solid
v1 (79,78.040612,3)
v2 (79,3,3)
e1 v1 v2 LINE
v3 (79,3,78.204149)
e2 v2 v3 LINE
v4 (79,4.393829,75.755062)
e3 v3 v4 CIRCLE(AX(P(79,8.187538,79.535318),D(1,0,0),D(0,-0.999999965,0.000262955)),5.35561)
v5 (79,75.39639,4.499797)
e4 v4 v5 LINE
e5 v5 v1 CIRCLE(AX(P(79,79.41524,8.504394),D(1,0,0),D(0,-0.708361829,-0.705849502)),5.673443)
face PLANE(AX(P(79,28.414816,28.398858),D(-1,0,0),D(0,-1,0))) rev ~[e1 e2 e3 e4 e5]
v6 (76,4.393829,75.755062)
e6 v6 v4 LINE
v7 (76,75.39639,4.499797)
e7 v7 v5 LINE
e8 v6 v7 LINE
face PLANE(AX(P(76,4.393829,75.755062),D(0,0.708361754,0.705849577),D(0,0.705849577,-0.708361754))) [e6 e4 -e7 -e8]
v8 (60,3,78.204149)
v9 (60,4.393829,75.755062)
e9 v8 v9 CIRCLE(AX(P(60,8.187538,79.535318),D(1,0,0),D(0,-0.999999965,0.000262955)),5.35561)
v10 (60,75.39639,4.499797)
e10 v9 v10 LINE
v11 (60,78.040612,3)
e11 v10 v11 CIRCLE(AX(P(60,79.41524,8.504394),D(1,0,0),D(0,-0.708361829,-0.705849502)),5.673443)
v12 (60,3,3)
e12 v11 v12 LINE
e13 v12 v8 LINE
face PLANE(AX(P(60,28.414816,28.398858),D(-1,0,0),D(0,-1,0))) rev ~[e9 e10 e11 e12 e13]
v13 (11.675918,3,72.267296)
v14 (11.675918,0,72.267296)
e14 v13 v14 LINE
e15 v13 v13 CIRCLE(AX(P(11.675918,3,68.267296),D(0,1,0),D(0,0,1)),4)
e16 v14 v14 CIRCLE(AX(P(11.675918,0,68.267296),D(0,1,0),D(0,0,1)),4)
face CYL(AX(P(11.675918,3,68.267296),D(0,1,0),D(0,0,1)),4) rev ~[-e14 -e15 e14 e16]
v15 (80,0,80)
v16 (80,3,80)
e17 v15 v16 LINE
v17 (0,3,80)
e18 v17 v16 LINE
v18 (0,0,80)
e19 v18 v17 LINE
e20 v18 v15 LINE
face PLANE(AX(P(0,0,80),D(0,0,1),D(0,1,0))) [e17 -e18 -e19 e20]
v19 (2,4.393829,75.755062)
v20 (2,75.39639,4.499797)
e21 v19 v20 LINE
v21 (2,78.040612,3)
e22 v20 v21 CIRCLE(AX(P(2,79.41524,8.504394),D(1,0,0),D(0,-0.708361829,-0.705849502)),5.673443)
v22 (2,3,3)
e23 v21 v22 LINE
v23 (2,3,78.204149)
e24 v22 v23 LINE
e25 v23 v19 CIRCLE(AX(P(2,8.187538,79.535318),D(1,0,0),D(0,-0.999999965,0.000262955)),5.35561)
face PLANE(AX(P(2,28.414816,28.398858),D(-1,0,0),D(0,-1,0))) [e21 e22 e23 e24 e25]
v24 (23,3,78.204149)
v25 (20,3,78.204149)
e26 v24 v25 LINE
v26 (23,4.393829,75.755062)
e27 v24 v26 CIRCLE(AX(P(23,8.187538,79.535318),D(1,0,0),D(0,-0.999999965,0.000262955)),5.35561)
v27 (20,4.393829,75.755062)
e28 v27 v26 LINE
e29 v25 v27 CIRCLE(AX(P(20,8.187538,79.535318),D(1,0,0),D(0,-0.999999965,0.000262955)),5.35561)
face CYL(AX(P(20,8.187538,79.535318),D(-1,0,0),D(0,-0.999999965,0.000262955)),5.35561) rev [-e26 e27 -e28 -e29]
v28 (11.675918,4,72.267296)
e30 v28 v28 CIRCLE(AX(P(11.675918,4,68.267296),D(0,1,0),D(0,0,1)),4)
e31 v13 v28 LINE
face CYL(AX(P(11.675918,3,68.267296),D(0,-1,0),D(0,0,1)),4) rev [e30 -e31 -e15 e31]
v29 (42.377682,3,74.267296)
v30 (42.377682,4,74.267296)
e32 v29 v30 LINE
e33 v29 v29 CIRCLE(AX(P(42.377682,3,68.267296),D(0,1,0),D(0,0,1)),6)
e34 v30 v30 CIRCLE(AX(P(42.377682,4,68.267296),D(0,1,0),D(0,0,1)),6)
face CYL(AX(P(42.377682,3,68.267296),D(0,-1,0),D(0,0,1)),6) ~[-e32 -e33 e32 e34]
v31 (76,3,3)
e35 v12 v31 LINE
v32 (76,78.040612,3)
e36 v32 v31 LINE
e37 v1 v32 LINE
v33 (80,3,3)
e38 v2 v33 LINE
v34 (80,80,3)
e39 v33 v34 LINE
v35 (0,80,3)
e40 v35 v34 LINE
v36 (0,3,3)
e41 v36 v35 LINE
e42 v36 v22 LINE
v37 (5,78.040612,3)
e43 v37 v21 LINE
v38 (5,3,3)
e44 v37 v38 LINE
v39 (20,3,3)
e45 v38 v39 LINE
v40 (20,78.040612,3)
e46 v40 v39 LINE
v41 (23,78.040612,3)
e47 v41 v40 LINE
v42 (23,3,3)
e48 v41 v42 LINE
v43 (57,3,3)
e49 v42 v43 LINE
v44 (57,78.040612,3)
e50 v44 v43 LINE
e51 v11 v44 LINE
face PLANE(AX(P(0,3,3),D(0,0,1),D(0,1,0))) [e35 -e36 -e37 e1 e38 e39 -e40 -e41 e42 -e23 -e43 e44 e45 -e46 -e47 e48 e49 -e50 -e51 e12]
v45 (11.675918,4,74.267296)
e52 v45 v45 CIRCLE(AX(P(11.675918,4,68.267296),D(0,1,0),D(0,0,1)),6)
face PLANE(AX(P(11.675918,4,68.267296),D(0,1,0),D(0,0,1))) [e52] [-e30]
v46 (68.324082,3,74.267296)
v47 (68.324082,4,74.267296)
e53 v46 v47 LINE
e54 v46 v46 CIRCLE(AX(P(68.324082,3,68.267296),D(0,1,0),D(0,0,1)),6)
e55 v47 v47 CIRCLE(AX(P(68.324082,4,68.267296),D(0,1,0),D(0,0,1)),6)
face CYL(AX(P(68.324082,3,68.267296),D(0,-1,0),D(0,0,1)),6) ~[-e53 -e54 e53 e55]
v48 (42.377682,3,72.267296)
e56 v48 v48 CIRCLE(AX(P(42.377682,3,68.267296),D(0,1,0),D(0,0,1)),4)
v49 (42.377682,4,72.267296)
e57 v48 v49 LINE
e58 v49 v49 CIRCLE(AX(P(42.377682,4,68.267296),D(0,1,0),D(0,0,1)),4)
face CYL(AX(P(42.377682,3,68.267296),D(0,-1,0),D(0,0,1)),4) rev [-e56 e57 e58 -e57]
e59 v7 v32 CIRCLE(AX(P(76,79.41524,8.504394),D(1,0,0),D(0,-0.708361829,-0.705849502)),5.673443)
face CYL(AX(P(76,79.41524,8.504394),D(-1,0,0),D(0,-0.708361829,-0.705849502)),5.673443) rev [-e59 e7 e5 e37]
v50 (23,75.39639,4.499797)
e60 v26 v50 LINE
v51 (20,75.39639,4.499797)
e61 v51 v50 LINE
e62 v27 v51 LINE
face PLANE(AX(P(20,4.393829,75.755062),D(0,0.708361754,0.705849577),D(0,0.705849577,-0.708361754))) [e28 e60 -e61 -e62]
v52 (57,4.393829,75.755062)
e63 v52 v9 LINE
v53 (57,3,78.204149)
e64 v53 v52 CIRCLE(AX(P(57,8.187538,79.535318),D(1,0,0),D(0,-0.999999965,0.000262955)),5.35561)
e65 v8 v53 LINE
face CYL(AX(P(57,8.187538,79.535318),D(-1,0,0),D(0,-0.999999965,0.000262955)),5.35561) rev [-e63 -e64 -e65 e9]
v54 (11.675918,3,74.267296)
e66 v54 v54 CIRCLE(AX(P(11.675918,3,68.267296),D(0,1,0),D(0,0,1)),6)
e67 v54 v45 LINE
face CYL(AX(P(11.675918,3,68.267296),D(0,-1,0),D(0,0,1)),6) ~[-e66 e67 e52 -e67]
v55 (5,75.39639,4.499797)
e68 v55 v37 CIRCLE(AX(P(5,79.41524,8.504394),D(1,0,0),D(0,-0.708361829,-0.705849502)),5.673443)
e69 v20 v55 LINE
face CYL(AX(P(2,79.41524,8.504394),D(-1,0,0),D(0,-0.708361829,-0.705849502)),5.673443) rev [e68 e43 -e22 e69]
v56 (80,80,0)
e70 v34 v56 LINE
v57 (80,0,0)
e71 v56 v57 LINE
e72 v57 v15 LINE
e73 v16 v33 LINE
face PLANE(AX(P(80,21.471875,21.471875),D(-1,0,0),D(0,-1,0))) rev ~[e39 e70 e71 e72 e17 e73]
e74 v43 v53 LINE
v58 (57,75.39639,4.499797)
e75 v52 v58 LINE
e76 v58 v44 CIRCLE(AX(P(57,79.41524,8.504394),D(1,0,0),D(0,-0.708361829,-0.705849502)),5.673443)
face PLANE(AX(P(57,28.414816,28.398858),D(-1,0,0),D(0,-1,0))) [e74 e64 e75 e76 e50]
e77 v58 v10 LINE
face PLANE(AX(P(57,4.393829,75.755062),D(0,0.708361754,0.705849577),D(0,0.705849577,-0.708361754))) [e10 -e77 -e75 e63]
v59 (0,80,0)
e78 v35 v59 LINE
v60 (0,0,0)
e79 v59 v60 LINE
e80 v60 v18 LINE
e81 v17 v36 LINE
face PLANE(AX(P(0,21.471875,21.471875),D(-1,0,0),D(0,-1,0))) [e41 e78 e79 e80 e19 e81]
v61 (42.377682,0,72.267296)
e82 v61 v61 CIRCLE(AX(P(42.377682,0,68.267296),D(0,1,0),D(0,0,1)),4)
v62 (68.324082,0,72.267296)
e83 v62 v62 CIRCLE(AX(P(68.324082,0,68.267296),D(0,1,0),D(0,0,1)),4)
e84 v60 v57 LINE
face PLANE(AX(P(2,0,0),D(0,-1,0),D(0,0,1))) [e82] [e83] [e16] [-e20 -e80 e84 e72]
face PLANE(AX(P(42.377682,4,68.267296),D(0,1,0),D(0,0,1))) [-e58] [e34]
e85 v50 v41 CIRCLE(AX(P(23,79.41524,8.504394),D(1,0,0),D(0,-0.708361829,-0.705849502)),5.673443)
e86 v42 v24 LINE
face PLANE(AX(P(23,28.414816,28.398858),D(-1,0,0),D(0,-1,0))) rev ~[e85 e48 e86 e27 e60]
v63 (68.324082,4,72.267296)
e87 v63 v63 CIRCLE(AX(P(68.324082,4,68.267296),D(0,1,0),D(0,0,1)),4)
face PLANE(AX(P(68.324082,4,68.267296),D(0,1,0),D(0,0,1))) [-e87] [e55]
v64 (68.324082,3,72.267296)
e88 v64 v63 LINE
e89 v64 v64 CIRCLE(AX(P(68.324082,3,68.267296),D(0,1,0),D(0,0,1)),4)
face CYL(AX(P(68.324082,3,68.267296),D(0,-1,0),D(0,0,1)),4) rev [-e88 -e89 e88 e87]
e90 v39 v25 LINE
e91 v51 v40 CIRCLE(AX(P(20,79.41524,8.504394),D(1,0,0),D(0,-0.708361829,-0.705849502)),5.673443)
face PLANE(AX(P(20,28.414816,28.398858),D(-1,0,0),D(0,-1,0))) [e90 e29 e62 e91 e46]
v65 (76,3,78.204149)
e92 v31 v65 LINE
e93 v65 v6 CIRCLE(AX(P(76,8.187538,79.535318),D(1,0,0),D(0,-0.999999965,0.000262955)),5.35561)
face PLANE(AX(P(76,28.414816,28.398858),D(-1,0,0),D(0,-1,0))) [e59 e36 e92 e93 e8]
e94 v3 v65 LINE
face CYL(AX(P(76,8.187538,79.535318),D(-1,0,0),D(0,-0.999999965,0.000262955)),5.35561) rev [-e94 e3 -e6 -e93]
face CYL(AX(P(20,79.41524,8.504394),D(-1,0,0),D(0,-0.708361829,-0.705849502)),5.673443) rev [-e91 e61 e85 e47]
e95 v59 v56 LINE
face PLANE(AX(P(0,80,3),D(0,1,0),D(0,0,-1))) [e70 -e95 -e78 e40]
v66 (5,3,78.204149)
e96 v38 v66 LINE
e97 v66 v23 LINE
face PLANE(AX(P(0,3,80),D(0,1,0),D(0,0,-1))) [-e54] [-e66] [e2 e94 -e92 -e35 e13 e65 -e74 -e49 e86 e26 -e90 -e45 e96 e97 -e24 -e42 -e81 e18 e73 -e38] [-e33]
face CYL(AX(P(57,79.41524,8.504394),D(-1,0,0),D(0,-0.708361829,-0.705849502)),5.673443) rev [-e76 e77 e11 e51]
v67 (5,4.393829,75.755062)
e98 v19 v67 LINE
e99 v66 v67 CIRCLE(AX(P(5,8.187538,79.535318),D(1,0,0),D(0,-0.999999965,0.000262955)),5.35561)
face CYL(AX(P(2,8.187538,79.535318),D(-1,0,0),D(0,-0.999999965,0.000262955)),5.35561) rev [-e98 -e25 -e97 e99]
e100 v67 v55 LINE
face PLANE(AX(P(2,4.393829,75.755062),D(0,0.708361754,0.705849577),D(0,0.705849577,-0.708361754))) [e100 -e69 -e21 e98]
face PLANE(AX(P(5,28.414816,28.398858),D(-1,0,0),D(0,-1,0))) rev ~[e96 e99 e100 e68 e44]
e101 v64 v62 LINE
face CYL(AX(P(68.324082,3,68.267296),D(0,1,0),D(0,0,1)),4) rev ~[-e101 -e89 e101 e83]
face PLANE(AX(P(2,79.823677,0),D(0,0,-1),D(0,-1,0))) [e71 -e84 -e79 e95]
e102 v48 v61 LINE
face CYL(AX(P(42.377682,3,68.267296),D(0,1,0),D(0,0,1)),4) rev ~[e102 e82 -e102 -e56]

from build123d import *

# Parameters (mm, degrees)
PAD001_DEPTH  = 3
PAD_DEPTH     = 80
SKETCH002_R   = 4
POCKET_DEPTH  = 3.001
SKETCH003_R   = 6
SKETCH003_R_2 = 4
PAD002_DEPTH  = 1


with BuildPart() as body001:
    # Sketch001 → Pad001 (new body)
    with BuildSketch(Plane.YZ):
        with BuildLine():
            Line((79.823677, 0), (0, 0))
            Line((0, 0), (0, 79.823677))
            Line((0, 79.823677), (2.832004, 79.823677))
            Line((2.832004, 79.823677), (2.831928, 79.536726))
            ThreePointArc((2.831928, 79.536726), (3.237512, 77.490861), (4.393829, 75.755062))
            Line((4.393829, 75.755062), (75.39639, 4.499797))
            ThreePointArc((75.39639, 4.499797), (77.239452, 3.264747), (79.41524, 2.830951))
            Line((79.823677, 2.830951), (79.41524, 2.830951))
            Line((79.823677, 0), (79.823677, 2.830951))
        make_face()
    extrude(amount=PAD001_DEPTH)


with BuildPart() as body001_1:
    # Body001 placement: moved
    add(body001.part.moved(Location((57, 0, 0))))


with BuildPart() as body002:
    # Body002 base: copy of Body001
    add(body001_1.part)


with BuildPart() as body002_1:
    # Clone placement: moved
    add(body002.part.moved(Location((4, 0, 0))))


with BuildPart() as body002_2:
    # Body002 placement: moved
    add(body002_1.part.moved(Location((-41, 0, 0))))


with BuildPart() as body003:
    # Body003 base: copy of Body001
    add(body001_1.part)


with BuildPart() as body003_1:
    # Body003 placement: moved
    add(body003.part.moved(Location((19, 0, 0))))


with BuildPart() as body004:
    # Body004 base: copy of Body001
    add(body001_1.part)


with BuildPart() as body004_1:
    # Body004 placement: moved
    add(body004.part.moved(Location((-55, 0, 0))))


with BuildPart() as fusion:
    # Sketch → Pad (new body)
    with BuildSketch(Plane.YZ):
        Polygon((0, 0), (0, 80), (3, 80), (3, 3), (80, 3), (80, 0), align=None)
    extrude(amount=PAD_DEPTH)

    # Sketch002 (on Face3 of Pad) → Pocket (cut, through all)
    with BuildSketch(Plane.ZX.offset(3)):
        with Locations((68.267296, 68.324082)):
            Circle(SKETCH002_R)
        with Locations((68.267296, 11.675918)):
            Circle(SKETCH002_R)
        with Locations((68.267296, 42.377682)):
            Circle(SKETCH002_R)
    extrude(amount=-POCKET_DEPTH, mode=Mode.SUBTRACT)

    # Sketch003 (on Face10 of Pocket) → Pad002 (join)
    with BuildSketch(Plane.ZX.offset(3)):
        with Locations((68.267296, 42.377682)):
            Circle(SKETCH003_R)
        with Locations((68.267296, 42.377682)):
            Circle(SKETCH003_R_2, mode=Mode.SUBTRACT)
        with Locations((68.267296, 11.675918)):
            Circle(SKETCH003_R)
        with Locations((68.267296, 11.675918)):
            Circle(SKETCH003_R_2, mode=Mode.SUBTRACT)
        with Locations((68.267296, 68.324082)):
            Circle(SKETCH003_R)
        with Locations((68.267296, 68.324082)):
            Circle(SKETCH003_R_2, mode=Mode.SUBTRACT)
    extrude(amount=PAD002_DEPTH)

    # Fusion: union Body001, Body002, Body003, Body004
    add(body001_1.part)
    add(body002_2.part)
    add(body003_1.part)
    add(body004_1.part)


solid = fusion.part
